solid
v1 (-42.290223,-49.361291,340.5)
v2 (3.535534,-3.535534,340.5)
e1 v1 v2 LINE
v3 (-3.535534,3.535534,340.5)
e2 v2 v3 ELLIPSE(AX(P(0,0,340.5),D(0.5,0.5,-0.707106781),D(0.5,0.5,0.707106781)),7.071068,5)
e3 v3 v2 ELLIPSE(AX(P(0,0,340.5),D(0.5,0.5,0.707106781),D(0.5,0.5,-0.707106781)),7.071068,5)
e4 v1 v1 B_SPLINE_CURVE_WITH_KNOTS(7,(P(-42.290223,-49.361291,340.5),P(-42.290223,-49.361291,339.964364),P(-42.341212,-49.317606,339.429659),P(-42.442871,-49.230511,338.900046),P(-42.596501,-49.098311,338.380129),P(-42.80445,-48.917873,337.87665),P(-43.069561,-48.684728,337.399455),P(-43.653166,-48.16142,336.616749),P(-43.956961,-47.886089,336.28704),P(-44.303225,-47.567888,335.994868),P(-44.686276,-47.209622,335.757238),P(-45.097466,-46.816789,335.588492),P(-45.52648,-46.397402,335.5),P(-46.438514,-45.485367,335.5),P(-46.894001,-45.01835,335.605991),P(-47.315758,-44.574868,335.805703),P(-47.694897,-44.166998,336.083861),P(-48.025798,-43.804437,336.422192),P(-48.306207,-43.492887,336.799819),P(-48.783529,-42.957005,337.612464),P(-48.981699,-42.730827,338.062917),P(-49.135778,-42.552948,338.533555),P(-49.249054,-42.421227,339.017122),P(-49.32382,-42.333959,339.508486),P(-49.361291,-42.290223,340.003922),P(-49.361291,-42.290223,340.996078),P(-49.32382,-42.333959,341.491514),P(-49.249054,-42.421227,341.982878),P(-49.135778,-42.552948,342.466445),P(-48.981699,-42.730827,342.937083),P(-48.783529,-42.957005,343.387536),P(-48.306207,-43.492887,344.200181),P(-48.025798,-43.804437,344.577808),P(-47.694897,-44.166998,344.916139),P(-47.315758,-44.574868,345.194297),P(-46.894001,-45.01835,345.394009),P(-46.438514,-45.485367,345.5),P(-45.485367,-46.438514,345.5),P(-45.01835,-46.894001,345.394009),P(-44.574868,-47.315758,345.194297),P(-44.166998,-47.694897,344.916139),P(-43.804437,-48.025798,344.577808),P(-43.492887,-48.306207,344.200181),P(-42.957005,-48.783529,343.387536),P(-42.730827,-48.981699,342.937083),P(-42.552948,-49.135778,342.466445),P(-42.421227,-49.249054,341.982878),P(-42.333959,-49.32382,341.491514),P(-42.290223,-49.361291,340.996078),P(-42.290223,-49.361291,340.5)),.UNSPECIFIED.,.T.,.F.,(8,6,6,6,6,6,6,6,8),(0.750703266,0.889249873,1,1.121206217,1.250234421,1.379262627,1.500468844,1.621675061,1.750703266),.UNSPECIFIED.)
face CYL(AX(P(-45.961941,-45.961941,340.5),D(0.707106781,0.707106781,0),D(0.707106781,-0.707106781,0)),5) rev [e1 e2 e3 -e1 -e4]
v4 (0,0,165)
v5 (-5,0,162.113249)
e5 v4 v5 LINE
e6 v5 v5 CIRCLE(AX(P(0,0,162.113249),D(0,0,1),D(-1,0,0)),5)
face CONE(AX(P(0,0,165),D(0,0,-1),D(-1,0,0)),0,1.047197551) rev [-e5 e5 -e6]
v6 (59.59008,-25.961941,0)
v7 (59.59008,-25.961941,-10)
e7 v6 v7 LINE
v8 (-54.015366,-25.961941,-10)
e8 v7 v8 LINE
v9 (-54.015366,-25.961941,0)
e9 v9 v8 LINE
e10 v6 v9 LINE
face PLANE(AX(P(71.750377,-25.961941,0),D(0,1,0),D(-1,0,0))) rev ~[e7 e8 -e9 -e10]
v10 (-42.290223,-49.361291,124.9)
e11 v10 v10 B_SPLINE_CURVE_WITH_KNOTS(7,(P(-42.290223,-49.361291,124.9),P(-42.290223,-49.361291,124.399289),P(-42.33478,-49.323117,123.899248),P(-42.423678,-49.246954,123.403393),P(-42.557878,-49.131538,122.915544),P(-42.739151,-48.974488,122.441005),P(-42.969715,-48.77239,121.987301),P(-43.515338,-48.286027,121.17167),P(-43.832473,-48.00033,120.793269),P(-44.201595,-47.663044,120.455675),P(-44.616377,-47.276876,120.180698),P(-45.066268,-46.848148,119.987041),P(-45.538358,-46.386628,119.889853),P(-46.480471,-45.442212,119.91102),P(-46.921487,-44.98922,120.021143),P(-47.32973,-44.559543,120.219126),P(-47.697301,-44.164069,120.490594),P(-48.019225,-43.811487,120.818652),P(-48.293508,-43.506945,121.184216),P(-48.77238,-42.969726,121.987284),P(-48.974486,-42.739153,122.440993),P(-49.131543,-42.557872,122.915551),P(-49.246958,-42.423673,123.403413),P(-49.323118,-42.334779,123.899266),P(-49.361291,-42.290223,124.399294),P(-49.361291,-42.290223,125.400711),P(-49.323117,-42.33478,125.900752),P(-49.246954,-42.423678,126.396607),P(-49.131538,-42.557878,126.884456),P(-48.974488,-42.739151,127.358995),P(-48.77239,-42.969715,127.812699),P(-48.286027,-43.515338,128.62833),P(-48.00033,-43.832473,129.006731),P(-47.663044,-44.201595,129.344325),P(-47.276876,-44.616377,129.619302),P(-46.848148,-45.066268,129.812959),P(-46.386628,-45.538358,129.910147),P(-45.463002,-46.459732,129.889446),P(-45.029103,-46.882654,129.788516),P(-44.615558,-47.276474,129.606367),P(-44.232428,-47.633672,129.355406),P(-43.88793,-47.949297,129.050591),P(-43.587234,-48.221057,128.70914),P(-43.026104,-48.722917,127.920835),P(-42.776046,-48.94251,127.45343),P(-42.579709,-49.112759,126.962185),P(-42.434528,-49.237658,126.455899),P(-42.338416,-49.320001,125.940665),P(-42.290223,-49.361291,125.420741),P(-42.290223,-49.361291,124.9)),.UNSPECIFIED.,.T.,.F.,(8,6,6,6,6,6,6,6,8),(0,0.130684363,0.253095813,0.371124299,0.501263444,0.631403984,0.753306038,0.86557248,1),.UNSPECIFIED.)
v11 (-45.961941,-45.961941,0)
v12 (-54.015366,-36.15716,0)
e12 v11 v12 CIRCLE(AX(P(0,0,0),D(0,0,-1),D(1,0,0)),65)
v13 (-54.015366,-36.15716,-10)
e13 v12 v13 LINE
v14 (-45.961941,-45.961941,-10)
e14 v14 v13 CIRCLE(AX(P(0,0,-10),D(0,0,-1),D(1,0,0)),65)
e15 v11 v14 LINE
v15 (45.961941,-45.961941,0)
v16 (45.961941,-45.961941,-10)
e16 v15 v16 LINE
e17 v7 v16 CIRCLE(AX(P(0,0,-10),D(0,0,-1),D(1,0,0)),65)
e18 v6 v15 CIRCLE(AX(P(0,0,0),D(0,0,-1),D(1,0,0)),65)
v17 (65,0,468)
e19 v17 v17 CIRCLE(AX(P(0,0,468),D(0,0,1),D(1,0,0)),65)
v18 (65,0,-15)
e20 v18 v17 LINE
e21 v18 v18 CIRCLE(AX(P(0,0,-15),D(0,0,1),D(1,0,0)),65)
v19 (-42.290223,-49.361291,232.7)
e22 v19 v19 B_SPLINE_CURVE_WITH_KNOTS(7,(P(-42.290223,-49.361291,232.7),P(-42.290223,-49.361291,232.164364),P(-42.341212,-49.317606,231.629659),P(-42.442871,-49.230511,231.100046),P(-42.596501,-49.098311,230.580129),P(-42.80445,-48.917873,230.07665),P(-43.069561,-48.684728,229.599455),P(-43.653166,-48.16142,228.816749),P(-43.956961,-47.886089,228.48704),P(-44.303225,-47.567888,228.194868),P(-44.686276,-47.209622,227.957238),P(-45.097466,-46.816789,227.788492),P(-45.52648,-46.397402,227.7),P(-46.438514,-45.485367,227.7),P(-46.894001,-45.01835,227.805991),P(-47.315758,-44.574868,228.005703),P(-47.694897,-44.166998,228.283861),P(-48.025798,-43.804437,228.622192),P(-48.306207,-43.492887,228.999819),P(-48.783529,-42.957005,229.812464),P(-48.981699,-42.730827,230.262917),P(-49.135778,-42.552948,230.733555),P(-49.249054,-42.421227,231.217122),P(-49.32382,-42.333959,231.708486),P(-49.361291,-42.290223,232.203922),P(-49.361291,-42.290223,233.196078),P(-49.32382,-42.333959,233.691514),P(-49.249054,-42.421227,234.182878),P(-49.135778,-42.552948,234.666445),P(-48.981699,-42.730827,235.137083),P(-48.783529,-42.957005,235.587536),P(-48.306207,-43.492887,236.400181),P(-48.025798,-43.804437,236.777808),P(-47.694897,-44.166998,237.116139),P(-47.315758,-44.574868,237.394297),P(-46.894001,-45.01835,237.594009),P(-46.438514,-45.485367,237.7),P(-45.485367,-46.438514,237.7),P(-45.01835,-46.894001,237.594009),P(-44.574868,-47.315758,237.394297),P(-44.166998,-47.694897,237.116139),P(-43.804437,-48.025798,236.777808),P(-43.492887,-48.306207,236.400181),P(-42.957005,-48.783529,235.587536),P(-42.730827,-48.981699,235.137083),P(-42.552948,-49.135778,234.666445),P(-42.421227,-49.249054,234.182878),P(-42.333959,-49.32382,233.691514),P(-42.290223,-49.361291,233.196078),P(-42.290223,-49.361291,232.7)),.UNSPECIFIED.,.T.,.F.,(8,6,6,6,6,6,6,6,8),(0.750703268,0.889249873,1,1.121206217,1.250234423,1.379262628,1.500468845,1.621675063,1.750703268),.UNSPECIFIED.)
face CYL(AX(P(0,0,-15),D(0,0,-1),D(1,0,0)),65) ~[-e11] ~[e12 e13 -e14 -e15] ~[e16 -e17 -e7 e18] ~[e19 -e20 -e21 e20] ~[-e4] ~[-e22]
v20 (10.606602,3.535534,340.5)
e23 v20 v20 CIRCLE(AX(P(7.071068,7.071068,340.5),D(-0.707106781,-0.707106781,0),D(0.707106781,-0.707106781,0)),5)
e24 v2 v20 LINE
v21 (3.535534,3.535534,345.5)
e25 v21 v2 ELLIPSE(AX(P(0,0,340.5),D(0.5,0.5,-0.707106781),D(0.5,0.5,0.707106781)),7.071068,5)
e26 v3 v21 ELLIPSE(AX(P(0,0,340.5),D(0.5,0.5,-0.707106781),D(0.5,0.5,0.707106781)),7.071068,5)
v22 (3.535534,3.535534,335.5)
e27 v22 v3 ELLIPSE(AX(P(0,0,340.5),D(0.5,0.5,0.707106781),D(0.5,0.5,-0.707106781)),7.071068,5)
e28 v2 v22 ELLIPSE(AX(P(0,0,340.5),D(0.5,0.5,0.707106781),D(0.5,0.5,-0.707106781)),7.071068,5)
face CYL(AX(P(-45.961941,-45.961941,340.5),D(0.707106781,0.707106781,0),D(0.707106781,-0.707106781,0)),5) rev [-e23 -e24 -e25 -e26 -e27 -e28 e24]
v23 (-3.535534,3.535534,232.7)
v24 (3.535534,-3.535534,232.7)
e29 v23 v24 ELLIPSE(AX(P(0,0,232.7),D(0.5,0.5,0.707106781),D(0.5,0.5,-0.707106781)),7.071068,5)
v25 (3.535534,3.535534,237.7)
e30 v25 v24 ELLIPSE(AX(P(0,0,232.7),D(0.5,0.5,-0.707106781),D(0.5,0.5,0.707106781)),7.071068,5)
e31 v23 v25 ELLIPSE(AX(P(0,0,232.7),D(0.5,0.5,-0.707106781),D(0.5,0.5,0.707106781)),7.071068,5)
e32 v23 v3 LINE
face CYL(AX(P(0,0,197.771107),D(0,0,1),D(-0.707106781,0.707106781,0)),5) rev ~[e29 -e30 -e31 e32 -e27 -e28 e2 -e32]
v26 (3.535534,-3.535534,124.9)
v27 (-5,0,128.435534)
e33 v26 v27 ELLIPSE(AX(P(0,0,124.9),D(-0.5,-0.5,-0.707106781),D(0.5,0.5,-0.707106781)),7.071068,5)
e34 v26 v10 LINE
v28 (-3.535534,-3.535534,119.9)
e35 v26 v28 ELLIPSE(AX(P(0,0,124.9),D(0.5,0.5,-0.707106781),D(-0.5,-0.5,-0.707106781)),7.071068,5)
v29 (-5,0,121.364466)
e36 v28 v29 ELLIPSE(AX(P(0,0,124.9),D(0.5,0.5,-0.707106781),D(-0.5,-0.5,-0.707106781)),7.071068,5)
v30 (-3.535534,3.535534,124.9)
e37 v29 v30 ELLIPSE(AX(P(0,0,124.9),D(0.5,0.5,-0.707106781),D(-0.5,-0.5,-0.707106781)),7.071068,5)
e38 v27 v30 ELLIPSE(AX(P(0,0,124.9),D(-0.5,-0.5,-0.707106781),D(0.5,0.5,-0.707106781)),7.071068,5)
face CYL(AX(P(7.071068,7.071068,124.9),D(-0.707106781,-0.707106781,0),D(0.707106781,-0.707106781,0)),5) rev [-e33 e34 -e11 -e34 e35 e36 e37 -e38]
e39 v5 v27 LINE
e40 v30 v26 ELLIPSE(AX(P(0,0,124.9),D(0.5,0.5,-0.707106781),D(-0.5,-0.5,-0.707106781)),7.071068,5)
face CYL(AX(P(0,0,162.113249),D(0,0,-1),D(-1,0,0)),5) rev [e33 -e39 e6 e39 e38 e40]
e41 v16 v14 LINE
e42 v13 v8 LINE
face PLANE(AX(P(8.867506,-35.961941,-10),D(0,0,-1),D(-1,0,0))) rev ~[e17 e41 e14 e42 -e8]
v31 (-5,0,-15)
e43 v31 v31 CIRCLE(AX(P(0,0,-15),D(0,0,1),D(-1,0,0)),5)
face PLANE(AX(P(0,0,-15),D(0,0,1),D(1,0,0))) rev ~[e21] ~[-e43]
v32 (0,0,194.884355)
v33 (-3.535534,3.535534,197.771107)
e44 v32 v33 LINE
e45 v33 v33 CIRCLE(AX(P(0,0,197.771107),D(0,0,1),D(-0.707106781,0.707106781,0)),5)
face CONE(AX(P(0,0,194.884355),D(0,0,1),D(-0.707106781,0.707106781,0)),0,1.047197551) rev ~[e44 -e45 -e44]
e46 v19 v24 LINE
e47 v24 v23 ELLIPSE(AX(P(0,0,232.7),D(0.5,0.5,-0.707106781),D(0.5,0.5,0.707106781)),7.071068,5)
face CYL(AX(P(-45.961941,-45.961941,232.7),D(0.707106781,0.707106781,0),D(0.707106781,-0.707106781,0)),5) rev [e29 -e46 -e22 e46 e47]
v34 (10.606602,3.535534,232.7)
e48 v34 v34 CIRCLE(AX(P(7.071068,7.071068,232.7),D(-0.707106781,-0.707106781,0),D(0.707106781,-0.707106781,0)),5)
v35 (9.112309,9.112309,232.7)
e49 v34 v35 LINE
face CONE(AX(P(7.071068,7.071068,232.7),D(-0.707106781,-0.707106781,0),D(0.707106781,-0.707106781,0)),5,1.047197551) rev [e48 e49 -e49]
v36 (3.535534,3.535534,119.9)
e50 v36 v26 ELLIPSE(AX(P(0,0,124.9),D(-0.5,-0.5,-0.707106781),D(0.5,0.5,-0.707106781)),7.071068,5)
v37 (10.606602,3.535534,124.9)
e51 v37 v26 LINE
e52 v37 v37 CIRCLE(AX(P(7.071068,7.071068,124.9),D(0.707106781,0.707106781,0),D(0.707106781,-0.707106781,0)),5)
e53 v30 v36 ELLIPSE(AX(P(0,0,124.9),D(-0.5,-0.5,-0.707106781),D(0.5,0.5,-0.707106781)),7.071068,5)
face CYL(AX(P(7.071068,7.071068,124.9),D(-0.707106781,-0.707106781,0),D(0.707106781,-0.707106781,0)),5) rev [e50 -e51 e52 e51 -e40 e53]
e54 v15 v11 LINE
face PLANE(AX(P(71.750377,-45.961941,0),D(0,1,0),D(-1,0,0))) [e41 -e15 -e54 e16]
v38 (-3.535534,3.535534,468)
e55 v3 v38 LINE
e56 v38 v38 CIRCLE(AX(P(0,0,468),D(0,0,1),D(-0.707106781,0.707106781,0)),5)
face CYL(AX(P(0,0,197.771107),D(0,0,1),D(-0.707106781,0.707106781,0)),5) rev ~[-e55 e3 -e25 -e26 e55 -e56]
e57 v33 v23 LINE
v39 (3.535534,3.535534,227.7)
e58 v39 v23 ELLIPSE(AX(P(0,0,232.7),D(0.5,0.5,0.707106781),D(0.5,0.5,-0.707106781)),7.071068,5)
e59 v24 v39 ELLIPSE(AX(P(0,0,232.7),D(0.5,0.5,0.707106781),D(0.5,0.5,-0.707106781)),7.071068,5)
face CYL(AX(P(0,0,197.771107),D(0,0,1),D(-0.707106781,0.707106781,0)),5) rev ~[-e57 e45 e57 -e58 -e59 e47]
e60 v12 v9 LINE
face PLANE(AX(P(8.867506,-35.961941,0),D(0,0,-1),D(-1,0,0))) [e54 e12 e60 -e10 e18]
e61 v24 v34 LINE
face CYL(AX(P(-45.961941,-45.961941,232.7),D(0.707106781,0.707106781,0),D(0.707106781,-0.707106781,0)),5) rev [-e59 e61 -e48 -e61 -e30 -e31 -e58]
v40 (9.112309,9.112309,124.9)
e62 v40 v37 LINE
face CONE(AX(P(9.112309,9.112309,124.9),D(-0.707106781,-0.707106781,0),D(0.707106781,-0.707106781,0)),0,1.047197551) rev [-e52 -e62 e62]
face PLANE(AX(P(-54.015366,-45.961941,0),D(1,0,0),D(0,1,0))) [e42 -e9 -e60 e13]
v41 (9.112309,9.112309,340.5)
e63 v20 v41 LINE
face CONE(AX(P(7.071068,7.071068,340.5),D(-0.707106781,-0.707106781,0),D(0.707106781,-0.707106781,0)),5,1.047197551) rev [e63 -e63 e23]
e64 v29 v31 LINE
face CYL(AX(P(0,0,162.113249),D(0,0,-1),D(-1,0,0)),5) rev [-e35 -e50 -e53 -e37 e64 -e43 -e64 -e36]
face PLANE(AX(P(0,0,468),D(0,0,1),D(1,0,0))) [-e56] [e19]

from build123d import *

# Parameters (mm, degrees)
EXTRUDEASSE_DEPTH      = 468
EXTRUDEASSE_DEPTH_BACK = 15
SKETCH1_R              = 65
SKETCH6_W              = 125.765742684
SKETCH6_H              = 20
CUT_EXTRUDE1_DEPTH     = 10


with BuildPart() as part:
    # Sketch1 → ExtrudeAsse (new, two sides: drawn at the far end of the back side and taken through both)
    with BuildSketch(Plane.XY.offset(-EXTRUDEASSE_DEPTH_BACK)):
        Circle(SKETCH1_R)
    extrude(amount=EXTRUDEASSE_DEPTH + EXTRUDEASSE_DEPTH_BACK)

    # Sketch3 → Cut-Revolve1 (revolve, cut)
    with BuildSketch(Plane(origin=(0, 0, 0), x_dir=(0, 0, -1), z_dir=(0.7071067811865414, -0.7071067811865537, 0)), mode=Mode.PRIVATE) as cut_revolve1_sk:
        Polygon((-227.7, -65), (-227.7, 10), (-232.7, 12.886751346), (-232.7, 0), (-232.7, -65), align=None)
    revolve(cut_revolve1_sk.sketch.rotate(Axis((0, 0, 232.7), (-0.7071067811865537, -0.7071067811865414, 0)), 90), axis=Axis((0, 0, 232.7), (-0.7071067811865537, -0.7071067811865414, 0)), mode=Mode.SUBTRACT)

    # Sketch3<3> → Cut-Revolve2 (revolve, cut)
    with BuildSketch(Plane(origin=(0, 0, 0), x_dir=(0, 0, -1), z_dir=(0.7071067811865414, -0.7071067811865537, 0)), mode=Mode.PRIVATE) as cut_revolve2_sk:
        Polygon((-340.5, 10), (-340.5, -65), (-335.5, -65), (-335.5, 10), (-340.5, 12.886751346), align=None)
    revolve(cut_revolve2_sk.sketch.rotate(Axis((7.071067812, 7.071067812, 340.5), (-0.7071067811865537, -0.7071067811865415, 0)), 90), axis=Axis((7.071067812, 7.071067812, 340.5), (-0.7071067811865537, -0.7071067811865415, 0)), mode=Mode.SUBTRACT)

    # Sketch4 → Cut-Revolve5 (revolve, cut)
    with BuildSketch(Plane(origin=(0, 0, 0), x_dir=(0, 0, -1), z_dir=(1, 0, 0)), mode=Mode.PRIVATE) as cut_revolve5_sk:
        Polygon((-468, 0), (-197.77110668, 0), (-194.884355334, 0), (-197.77110668, -5), (-468, -5), align=None)
    revolve(cut_revolve5_sk.sketch.rotate(Axis((0, 0, 0), (0, 0, 1)), 225), axis=Axis((0, 0, 0), (0, 0, 1)), mode=Mode.SUBTRACT)

    # Sketch5 → Cut-Revolve6 (revolve, cut)
    with BuildSketch(Plane(origin=(0, 0, 0), x_dir=(0, 0, -1), z_dir=(1, 0, 0)), mode=Mode.PRIVATE) as cut_revolve6_sk:
        Polygon((15, -5), (15, 0), (-162.113248654, 0), (-165, 0), (-162.113248654, -5), align=None)
    revolve(cut_revolve6_sk.sketch.rotate(Axis((0, 0, 0), (0, 0, 1)), 270), axis=Axis((0, 0, 0), (0, 0, 1)), mode=Mode.SUBTRACT)

    # Sketch3<5> → Cut-Revolve7 (revolve, cut)
    with BuildSketch(Plane(origin=(0, 0, 0), x_dir=(0, 0, -1), z_dir=(0.7071067811865414, -0.7071067811865537, 0)), mode=Mode.PRIVATE) as cut_revolve7_sk:
        Polygon((-124.9, 10), (-124.9, 12.886751346), (-119.9, 10), (-119.9, -65), (-124.9, -65), align=None)
    revolve(cut_revolve7_sk.sketch.rotate(Axis((-45.961940777, -45.961940777, 124.9), (0.7071067811865537, 0.7071067811865415, 0)), 270), axis=Axis((-45.961940777, -45.961940777, 124.9), (0.7071067811865537, 0.7071067811865415, 0)), mode=Mode.SUBTRACT)

    # Sketch6 → Cut-Extrude1 (cut)
    with BuildSketch(Plane(origin=(0, 0, 0), x_dir=(-1, 0, 0), z_dir=(0, 0, -1))):
        with Locations((-8.867505506, -35.961940777)):
            Rectangle(SKETCH6_W, SKETCH6_H)
    extrude(amount=CUT_EXTRUDE1_DEPTH, mode=Mode.SUBTRACT)


solid = part.part
